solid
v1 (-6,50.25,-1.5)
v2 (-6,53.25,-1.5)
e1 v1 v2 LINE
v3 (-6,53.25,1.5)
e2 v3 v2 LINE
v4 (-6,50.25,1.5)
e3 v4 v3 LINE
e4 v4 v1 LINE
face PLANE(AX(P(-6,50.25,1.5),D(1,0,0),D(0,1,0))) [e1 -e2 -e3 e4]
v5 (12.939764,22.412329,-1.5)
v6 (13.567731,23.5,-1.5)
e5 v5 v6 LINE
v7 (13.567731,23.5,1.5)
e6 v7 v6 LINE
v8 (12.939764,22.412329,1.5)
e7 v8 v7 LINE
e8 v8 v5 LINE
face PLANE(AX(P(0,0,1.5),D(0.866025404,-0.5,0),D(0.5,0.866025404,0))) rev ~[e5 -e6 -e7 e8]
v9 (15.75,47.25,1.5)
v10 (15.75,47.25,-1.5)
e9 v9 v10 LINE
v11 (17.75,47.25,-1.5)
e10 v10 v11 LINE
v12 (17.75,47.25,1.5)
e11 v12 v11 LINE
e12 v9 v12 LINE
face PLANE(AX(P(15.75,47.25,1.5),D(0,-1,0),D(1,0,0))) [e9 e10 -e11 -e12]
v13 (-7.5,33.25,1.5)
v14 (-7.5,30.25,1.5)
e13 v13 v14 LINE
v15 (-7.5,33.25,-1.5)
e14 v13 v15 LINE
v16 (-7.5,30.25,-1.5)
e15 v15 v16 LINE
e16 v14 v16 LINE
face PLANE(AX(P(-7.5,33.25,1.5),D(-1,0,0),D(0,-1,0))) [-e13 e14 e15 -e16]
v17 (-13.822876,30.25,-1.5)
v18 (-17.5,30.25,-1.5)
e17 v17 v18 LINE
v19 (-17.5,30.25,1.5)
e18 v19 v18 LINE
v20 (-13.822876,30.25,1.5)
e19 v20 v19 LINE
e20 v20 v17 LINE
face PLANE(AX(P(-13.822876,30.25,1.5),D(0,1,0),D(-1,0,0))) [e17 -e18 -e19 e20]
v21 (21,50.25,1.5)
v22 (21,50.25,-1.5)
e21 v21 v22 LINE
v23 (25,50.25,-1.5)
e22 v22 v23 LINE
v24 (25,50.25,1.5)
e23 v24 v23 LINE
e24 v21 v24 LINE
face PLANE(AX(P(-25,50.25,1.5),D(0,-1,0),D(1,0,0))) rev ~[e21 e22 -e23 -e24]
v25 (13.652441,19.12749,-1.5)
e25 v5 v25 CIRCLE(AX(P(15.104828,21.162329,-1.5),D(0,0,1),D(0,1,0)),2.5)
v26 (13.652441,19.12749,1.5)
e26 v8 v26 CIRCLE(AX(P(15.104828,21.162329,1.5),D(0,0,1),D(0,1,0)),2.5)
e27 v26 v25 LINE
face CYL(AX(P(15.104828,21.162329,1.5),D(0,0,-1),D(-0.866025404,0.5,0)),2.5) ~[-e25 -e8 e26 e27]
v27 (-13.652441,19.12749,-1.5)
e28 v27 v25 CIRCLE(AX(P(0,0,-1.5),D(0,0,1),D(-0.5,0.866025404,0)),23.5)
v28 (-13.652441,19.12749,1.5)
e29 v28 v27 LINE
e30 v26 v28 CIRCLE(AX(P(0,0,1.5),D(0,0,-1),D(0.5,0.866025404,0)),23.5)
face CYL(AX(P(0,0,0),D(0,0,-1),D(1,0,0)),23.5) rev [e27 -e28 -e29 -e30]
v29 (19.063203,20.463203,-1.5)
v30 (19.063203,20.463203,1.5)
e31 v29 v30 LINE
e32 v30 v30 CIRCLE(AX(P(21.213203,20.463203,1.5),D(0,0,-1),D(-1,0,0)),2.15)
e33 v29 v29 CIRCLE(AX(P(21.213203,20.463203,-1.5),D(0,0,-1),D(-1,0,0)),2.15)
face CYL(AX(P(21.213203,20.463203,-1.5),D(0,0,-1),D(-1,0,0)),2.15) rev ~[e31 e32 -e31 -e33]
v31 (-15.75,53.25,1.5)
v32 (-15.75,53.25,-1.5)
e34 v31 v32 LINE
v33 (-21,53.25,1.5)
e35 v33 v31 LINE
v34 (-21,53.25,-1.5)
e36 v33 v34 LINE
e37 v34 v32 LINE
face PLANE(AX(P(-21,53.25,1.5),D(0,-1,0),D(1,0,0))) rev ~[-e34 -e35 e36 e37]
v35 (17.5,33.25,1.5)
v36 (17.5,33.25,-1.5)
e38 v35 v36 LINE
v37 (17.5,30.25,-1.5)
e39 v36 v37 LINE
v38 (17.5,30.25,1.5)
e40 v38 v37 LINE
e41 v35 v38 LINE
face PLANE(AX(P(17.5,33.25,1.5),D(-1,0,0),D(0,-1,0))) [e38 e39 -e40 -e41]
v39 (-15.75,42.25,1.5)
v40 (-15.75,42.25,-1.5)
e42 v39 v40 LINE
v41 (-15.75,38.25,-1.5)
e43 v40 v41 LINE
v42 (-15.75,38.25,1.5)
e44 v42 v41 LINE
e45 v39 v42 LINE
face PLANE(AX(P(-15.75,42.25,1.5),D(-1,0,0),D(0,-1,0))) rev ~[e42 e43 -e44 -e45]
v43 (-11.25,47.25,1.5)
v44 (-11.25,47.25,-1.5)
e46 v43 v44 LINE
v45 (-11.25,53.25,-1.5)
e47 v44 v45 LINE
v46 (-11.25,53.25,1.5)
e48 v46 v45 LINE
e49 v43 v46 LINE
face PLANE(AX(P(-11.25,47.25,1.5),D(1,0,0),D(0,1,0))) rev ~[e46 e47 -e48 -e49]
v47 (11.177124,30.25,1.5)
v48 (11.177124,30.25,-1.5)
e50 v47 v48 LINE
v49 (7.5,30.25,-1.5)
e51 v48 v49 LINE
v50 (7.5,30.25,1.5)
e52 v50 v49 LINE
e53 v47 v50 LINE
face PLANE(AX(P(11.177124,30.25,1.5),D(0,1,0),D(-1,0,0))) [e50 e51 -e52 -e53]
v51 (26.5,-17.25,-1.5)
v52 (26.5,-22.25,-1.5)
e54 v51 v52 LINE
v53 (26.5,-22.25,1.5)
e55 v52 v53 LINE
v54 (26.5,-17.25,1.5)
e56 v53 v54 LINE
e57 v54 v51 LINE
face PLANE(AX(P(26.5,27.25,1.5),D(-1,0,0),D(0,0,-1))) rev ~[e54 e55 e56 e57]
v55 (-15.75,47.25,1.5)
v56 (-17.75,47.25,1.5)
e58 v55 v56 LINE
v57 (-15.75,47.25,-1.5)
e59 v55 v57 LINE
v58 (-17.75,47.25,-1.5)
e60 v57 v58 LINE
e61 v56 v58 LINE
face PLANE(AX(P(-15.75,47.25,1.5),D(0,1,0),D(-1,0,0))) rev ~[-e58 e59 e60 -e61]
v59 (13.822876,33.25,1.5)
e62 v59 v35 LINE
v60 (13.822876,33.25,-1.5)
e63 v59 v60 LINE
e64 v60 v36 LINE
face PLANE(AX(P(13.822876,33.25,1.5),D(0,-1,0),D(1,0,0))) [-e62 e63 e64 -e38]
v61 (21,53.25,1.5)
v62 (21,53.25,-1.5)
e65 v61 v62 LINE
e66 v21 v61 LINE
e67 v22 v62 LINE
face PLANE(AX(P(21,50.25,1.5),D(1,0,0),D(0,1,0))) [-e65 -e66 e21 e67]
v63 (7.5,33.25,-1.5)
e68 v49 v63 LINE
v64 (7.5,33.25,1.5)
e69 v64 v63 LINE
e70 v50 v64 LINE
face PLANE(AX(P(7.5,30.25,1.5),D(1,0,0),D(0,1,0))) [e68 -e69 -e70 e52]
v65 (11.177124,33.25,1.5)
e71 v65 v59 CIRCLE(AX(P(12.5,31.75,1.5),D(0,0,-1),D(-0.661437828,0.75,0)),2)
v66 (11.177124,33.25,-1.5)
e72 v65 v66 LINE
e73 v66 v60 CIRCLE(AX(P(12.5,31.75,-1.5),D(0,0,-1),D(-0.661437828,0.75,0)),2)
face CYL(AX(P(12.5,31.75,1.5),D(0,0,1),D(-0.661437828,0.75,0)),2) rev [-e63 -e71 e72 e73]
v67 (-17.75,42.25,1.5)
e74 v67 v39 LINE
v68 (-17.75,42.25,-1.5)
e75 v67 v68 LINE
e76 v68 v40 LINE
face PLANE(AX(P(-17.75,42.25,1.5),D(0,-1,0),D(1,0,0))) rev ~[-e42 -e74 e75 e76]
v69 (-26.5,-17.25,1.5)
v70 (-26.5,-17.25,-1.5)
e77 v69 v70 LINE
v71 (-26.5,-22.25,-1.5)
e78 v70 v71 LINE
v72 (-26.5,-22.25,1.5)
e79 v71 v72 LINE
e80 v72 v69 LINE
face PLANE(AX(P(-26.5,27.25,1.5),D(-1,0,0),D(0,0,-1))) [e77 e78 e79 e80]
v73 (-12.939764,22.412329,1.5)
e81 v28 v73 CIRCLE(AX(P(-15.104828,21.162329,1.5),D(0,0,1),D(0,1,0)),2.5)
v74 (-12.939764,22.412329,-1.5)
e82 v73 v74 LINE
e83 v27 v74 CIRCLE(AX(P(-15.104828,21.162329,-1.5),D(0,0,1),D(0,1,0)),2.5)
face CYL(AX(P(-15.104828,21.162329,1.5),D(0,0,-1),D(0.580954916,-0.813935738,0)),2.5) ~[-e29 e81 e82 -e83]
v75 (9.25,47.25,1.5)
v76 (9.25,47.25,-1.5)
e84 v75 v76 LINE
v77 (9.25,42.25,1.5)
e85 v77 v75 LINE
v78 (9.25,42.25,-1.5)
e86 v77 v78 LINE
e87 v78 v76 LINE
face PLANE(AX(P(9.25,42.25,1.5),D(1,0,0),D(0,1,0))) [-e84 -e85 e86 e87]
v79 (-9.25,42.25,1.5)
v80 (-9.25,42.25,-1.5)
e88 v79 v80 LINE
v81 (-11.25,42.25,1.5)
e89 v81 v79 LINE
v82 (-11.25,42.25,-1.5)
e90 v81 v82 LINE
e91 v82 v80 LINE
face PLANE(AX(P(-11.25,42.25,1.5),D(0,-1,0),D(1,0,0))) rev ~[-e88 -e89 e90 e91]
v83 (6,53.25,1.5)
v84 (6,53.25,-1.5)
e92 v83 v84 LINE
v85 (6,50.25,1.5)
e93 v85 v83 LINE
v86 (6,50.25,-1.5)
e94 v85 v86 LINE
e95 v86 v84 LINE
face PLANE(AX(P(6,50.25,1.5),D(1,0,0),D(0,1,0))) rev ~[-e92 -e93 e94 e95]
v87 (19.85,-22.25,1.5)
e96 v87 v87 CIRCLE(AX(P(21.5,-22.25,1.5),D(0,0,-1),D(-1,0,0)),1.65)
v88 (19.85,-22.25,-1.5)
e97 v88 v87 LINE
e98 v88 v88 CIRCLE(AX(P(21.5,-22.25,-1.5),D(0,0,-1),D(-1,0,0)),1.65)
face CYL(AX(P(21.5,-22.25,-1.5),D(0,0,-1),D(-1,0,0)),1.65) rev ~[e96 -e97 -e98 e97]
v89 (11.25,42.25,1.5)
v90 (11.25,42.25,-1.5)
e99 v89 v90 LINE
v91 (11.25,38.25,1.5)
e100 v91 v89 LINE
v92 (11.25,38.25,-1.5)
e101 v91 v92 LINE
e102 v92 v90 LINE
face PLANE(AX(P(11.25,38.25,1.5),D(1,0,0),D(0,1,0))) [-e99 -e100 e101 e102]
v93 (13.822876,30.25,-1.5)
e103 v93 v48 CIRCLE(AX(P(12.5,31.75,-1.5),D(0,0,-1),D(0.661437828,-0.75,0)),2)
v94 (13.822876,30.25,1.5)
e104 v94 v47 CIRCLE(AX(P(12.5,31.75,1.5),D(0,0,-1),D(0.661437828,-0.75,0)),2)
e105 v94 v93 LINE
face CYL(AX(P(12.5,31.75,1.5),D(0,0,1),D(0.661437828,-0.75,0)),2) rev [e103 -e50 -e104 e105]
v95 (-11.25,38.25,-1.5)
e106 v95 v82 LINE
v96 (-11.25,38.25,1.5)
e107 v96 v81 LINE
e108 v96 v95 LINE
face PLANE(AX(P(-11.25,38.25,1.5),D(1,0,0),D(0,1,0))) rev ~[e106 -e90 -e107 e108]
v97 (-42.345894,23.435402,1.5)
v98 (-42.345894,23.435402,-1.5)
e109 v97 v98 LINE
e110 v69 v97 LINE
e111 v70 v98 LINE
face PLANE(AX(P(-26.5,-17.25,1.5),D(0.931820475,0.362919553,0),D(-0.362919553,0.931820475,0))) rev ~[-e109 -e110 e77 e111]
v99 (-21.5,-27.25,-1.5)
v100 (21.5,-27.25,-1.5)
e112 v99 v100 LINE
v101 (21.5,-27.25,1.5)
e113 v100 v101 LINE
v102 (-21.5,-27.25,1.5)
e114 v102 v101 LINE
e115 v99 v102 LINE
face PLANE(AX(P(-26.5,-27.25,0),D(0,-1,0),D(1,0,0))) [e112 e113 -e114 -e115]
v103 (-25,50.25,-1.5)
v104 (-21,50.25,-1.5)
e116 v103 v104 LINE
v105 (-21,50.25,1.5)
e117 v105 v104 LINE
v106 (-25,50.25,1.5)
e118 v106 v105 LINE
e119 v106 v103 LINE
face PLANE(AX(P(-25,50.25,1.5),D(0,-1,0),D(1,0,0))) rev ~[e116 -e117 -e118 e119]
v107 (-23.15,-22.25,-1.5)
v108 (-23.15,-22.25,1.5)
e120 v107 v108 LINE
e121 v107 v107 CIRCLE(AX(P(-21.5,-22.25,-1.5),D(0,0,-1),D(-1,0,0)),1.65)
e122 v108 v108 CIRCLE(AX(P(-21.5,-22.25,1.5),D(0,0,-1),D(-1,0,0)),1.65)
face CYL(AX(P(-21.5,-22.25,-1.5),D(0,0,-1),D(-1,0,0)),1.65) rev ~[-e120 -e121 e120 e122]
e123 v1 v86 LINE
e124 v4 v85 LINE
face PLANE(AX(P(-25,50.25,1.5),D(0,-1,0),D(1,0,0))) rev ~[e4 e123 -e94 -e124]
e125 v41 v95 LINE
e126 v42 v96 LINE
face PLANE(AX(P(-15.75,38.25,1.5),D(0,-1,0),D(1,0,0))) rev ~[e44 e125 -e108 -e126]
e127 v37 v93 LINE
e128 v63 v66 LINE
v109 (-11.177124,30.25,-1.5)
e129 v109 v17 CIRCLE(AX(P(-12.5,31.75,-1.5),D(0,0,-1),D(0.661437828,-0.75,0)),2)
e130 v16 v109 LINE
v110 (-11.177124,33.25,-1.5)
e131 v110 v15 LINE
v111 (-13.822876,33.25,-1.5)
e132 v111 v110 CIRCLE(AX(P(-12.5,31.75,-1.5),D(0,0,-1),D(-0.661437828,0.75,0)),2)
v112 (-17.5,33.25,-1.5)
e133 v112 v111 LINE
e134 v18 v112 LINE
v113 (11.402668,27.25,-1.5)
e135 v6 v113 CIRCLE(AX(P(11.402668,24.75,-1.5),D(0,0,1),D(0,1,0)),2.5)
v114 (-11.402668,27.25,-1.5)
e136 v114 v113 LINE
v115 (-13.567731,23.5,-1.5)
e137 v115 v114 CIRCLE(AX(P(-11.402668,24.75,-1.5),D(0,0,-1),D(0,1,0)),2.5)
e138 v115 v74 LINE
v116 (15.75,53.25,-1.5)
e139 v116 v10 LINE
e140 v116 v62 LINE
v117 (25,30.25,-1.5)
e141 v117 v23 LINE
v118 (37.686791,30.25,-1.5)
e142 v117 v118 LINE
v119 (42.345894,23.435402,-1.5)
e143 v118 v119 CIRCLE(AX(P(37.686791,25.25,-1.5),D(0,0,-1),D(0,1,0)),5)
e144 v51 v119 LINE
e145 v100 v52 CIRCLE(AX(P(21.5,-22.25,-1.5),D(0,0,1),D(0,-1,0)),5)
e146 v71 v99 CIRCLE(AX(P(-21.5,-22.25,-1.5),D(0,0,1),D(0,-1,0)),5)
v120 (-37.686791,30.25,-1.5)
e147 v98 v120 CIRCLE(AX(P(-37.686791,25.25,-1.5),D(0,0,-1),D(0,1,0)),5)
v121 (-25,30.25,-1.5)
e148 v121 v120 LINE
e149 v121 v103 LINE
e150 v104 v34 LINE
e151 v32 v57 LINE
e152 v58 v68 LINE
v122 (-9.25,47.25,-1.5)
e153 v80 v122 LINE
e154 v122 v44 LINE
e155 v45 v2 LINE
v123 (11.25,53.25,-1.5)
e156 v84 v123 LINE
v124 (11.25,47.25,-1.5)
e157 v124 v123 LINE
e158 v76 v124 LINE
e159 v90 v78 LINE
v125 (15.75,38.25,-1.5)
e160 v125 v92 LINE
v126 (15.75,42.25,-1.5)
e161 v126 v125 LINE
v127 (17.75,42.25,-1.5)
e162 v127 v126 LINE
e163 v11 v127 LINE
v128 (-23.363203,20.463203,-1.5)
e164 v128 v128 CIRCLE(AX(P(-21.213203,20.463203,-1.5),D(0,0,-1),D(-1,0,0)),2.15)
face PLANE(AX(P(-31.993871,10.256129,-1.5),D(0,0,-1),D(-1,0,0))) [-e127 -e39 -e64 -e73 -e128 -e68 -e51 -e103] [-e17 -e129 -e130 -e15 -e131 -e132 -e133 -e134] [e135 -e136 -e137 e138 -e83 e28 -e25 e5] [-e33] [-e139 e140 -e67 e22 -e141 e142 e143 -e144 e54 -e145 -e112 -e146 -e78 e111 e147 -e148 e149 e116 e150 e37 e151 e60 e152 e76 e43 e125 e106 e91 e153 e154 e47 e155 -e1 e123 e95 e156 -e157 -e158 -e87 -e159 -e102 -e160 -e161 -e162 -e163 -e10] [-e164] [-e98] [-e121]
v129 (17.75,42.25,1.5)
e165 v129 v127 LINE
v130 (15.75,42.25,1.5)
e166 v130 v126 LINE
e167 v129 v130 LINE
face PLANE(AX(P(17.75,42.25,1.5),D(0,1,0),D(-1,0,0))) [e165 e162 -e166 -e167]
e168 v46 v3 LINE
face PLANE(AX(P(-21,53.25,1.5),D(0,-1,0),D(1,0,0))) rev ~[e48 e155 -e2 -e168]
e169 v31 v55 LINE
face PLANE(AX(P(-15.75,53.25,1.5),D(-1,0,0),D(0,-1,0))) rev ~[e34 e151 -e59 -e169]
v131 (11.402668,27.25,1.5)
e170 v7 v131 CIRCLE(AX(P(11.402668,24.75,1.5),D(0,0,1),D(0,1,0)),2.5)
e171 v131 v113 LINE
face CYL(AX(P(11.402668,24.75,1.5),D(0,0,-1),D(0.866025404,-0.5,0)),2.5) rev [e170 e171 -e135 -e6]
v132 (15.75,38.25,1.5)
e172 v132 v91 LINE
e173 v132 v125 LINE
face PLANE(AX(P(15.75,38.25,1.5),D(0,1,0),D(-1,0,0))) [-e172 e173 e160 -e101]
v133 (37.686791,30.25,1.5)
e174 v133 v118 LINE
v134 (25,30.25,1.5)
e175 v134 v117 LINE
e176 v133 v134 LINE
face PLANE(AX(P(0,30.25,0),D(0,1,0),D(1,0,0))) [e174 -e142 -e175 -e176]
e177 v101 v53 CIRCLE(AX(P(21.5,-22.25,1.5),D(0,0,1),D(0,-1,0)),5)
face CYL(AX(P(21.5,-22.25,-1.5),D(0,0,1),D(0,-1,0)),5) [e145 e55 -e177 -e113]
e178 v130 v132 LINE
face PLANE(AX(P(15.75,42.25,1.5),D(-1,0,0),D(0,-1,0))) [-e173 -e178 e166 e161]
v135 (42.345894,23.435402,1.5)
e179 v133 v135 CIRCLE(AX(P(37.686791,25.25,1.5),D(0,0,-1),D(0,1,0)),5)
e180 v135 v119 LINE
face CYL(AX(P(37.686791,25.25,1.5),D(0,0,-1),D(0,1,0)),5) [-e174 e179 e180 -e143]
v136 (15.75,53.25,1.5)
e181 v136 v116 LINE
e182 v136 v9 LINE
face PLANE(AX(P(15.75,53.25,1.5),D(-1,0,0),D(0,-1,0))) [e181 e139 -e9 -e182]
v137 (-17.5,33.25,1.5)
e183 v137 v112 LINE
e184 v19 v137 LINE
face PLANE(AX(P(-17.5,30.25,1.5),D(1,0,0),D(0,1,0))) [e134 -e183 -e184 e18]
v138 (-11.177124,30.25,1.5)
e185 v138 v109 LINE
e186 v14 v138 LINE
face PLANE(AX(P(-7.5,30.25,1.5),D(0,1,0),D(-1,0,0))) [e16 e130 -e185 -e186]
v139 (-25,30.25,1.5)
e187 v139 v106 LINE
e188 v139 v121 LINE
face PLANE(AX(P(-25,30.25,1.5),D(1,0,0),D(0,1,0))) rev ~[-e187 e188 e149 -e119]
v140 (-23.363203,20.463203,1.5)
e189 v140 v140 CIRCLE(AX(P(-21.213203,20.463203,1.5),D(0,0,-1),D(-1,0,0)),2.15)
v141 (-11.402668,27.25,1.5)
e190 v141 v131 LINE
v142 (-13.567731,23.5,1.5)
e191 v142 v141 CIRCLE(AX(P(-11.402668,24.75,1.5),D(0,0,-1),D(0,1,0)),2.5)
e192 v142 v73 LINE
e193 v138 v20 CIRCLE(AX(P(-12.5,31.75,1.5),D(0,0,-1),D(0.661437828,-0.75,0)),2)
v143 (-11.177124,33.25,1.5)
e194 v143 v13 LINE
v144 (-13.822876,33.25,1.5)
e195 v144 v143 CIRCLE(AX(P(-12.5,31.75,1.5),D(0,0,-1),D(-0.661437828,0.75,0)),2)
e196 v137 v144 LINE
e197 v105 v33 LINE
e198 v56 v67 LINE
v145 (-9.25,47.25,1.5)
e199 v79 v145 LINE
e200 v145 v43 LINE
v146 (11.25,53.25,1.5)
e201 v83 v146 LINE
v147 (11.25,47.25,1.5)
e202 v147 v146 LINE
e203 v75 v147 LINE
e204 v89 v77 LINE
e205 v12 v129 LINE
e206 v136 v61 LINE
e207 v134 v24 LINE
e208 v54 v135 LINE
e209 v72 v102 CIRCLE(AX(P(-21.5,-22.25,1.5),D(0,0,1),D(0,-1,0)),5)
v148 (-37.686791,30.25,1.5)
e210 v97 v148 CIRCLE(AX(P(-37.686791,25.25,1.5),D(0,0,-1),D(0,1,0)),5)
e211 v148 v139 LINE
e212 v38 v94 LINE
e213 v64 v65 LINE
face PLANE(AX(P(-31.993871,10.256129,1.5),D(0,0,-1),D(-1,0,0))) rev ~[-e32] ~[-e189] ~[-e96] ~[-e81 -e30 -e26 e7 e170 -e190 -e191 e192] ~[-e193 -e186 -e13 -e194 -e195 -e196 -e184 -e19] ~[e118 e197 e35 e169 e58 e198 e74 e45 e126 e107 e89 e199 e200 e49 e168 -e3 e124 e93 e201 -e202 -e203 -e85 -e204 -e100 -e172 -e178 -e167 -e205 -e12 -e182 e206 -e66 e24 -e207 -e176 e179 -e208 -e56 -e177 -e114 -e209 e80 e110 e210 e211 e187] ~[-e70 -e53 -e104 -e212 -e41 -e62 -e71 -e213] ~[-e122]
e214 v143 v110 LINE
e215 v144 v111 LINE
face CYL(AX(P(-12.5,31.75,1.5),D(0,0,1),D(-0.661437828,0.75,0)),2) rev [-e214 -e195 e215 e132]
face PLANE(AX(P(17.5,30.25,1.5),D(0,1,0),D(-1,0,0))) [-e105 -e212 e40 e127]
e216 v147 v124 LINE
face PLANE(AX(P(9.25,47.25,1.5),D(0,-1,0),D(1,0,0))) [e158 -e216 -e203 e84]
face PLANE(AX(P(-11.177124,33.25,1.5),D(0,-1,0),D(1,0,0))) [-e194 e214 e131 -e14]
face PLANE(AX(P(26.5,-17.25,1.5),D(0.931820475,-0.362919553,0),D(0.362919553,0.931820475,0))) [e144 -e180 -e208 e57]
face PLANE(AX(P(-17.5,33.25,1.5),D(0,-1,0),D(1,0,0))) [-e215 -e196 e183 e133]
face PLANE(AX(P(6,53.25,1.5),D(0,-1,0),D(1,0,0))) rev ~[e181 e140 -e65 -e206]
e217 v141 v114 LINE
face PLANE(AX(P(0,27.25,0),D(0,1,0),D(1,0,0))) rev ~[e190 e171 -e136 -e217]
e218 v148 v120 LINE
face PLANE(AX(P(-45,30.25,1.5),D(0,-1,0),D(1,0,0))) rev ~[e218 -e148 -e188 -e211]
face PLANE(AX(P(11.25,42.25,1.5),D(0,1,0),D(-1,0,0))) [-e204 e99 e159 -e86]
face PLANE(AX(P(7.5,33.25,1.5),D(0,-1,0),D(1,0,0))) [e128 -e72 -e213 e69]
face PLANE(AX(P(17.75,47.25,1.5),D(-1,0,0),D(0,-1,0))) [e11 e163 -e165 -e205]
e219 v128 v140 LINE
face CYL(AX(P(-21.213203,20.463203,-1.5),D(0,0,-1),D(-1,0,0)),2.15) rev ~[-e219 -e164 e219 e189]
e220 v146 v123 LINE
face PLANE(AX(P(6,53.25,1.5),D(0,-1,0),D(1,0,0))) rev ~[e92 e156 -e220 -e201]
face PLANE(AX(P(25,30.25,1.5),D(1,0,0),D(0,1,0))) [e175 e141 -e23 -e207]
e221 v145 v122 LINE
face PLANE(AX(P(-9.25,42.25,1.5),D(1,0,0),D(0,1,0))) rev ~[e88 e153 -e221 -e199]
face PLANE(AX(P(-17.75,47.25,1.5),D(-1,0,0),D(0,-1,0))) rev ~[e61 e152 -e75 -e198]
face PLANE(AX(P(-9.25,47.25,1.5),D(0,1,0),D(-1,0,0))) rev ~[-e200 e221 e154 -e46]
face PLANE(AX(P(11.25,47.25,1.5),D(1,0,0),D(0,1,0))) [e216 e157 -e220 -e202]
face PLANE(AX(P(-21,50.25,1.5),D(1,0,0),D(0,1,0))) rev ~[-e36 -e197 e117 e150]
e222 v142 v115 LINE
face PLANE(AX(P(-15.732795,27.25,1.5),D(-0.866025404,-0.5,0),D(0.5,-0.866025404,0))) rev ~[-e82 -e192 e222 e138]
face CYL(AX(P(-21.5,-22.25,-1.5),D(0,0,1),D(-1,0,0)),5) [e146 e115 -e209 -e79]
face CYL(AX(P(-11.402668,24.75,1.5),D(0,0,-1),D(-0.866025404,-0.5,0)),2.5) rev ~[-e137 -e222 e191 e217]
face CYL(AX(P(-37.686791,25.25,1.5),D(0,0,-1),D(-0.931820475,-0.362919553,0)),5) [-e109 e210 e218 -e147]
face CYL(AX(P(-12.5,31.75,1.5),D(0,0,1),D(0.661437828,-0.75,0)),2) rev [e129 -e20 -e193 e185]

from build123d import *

# Parameters (mm, degrees)
SKETCH_1_W           = 53
SKETCH_1_H           = 54.5
SKETCH_1_R           = 23.5
EXTRUDE_1_DEPTH      = 1.5
SKETCH_2_R           = 1.65
SKETCH_2_R_2         = 2.15
CUT_EXTRUDE_1_DEPTH  = 3
FILLET_1_R           = 5
CUT_EXTRUDE_2_DEPTH  = 5
SKETCH_4_W           = 53
SKETCH_4_H           = 3
EXTRUDE_2_DEPTH      = 3
FILLET_2_R           = 2.5
SKETCH_5_W           = 50
SKETCH_5_H           = 20
EXTRUDE_3_DEPTH      = 3
CUT_EXTRUDE_9_DEPTH  = 3
FILLET_3_R           = 5
SKETCH_8_W           = 15
SKETCH_8_H           = 3
EXTRUDE_4_DEPTH      = 3
CUT_EXTRUDE_10_DEPTH = 3


with BuildPart() as part:
    # 草图1 → 凸台-拉伸1 (new, symmetric)
    with BuildSketch(Plane.XY):
        Rectangle(SKETCH_1_W, SKETCH_1_H)
        Circle(SKETCH_1_R, mode=Mode.SUBTRACT)
    extrude(amount=EXTRUDE_1_DEPTH, both=True)

    # 草图2 → 切除-拉伸1 (cut)
    with BuildSketch(Plane(origin=(0, 0, -1.5), x_dir=(-1, 0, 0), z_dir=(0, 0, -1))):
        with Locations((-21.5, -22.25)):
            Circle(SKETCH_2_R)
        with Locations((-21.213203436, 20.463203436)):
            Circle(SKETCH_2_R_2)
        with Locations((21.5, -22.25)):
            Circle(SKETCH_2_R)
        with Locations((21.213203436, 20.463203436)):
            Circle(SKETCH_2_R_2)
    extrude(amount=-CUT_EXTRUDE_1_DEPTH, mode=Mode.SUBTRACT)

    # 圆角1
    fillet_1_edges = [part.edges().sort_by_distance(p)[0] for p in [
        (26.5, -27.25, 0),
        (-26.5, -27.25, 0),
    ]]
    fillet(fillet_1_edges, radius=FILLET_1_R)

    # 草图3 → 切除-拉伸2 (cut)
    with BuildSketch(Plane.XY.offset(1.5)):
        Polygon((0, 0), (15.732794835, 27.25), (-15.732794835, 27.25), align=None)
    extrude(amount=-CUT_EXTRUDE_2_DEPTH, mode=Mode.SUBTRACT)

    # 草图4 → 凸台-拉伸2 (add)
    with BuildSketch(Plane(origin=(0, 27.25, 0), x_dir=(1, 0, 0), z_dir=(0, 1, 0))):
        Rectangle(SKETCH_4_W, SKETCH_4_H)
    extrude(amount=EXTRUDE_2_DEPTH)

    # 圆角2
    fillet_2_edges = [part.edges().sort_by_distance(p)[0] for p in [
        (11.75, 20.351596989, 0),
        (-11.75, 20.351596989, 0),
        (-15.732794835, 27.25, 0),
        (15.732794835, 27.25, 0),
    ]]
    fillet(fillet_2_edges, radius=FILLET_2_R)

    # 草图5 → 凸台-拉伸3 (add)
    with BuildSketch(Plane.XY.offset(1.5)):
        Polygon((-26.5, -17.25), (-45, 30.25), (-26.5, 30.25), align=None)
        Polygon((26.5, -17.25), (45, 30.25), (26.5, 30.25), align=None)
        with Locations((0, 40.25)):
            Rectangle(SKETCH_5_W, SKETCH_5_H)
    extrude(amount=-EXTRUDE_3_DEPTH)

    # 草图6 → 切除-拉伸9 (cut)
    with BuildSketch(Plane.XY.offset(1.5)):
        with BuildLine():
            Line((-11.177124344, 33.25), (-7.5, 33.25))
            Line((-7.5, 33.25), (-7.5, 30.25))
            Line((-7.5, 30.25), (-11.177124344, 30.25))
            ThreePointArc((-11.177124344, 30.25), (-12.5, 29.75), (-13.822875656, 30.25))
            Line((-13.822875656, 30.25), (-17.5, 30.25))
            Line((-17.5, 30.25), (-17.5, 33.25))
            Line((-17.5, 33.25), (-13.822875656, 33.25))
            ThreePointArc((-13.822875656, 33.25), (-12.5, 33.75), (-11.177124344, 33.25))
        make_face()
        with BuildLine():
            Line((13.822875656, 33.25), (17.5, 33.25))
            Line((17.5, 33.25), (17.5, 30.25))
            Line((17.5, 30.25), (13.822875656, 30.25))
            ThreePointArc((13.822875656, 30.25), (12.5, 29.75), (11.177124344, 30.25))
            Line((11.177124344, 30.25), (7.5, 30.25))
            Line((7.5, 30.25), (7.5, 33.25))
            Line((7.5, 33.25), (11.177124344, 33.25))
            ThreePointArc((11.177124344, 33.25), (12.5, 33.75), (13.822875656, 33.25))
        make_face()
    extrude(amount=-CUT_EXTRUDE_9_DEPTH, mode=Mode.SUBTRACT)

    # 圆角3
    fillet_3_edges = [part.edges().sort_by_distance(p)[0] for p in [
        (-45, 30.25, 0),
        (45, 30.25, 0),
    ]]
    fillet(fillet_3_edges, radius=FILLET_3_R)

    # 草图8 → 凸台-拉伸4 (add)
    with BuildSketch(Plane.XY.offset(1.5)):
        with Locations((-13.5, 51.75)):
            Rectangle(SKETCH_8_W, SKETCH_8_H)
        with Locations((13.5, 51.75)):
            Rectangle(SKETCH_8_W, SKETCH_8_H)
    extrude(amount=-EXTRUDE_4_DEPTH)

    # 草图9 → 切除-拉伸10 (cut)
    with BuildSketch(Plane.XY.offset(1.5)):
        Polygon((-15.75, 53.25), (-15.75, 47.25), (-17.75, 47.25), (-17.75, 42.25), (-15.75, 42.25), (-15.75, 38.25), (-11.25, 38.25), (-11.25, 42.25), (-9.25, 42.25), (-9.25, 47.25), (-11.25, 47.25), (-11.25, 53.25), align=None)
        Polygon((11.25, 47.25), (11.25, 53.25), (15.75, 53.25), (15.75, 47.25), (17.75, 47.25), (17.75, 42.25), (15.75, 42.25), (15.75, 38.25), (11.25, 38.25), (11.25, 42.25), (9.25, 42.25), (9.25, 47.25), align=None)
    extrude(amount=-CUT_EXTRUDE_10_DEPTH, mode=Mode.SUBTRACT)


solid = part.part
